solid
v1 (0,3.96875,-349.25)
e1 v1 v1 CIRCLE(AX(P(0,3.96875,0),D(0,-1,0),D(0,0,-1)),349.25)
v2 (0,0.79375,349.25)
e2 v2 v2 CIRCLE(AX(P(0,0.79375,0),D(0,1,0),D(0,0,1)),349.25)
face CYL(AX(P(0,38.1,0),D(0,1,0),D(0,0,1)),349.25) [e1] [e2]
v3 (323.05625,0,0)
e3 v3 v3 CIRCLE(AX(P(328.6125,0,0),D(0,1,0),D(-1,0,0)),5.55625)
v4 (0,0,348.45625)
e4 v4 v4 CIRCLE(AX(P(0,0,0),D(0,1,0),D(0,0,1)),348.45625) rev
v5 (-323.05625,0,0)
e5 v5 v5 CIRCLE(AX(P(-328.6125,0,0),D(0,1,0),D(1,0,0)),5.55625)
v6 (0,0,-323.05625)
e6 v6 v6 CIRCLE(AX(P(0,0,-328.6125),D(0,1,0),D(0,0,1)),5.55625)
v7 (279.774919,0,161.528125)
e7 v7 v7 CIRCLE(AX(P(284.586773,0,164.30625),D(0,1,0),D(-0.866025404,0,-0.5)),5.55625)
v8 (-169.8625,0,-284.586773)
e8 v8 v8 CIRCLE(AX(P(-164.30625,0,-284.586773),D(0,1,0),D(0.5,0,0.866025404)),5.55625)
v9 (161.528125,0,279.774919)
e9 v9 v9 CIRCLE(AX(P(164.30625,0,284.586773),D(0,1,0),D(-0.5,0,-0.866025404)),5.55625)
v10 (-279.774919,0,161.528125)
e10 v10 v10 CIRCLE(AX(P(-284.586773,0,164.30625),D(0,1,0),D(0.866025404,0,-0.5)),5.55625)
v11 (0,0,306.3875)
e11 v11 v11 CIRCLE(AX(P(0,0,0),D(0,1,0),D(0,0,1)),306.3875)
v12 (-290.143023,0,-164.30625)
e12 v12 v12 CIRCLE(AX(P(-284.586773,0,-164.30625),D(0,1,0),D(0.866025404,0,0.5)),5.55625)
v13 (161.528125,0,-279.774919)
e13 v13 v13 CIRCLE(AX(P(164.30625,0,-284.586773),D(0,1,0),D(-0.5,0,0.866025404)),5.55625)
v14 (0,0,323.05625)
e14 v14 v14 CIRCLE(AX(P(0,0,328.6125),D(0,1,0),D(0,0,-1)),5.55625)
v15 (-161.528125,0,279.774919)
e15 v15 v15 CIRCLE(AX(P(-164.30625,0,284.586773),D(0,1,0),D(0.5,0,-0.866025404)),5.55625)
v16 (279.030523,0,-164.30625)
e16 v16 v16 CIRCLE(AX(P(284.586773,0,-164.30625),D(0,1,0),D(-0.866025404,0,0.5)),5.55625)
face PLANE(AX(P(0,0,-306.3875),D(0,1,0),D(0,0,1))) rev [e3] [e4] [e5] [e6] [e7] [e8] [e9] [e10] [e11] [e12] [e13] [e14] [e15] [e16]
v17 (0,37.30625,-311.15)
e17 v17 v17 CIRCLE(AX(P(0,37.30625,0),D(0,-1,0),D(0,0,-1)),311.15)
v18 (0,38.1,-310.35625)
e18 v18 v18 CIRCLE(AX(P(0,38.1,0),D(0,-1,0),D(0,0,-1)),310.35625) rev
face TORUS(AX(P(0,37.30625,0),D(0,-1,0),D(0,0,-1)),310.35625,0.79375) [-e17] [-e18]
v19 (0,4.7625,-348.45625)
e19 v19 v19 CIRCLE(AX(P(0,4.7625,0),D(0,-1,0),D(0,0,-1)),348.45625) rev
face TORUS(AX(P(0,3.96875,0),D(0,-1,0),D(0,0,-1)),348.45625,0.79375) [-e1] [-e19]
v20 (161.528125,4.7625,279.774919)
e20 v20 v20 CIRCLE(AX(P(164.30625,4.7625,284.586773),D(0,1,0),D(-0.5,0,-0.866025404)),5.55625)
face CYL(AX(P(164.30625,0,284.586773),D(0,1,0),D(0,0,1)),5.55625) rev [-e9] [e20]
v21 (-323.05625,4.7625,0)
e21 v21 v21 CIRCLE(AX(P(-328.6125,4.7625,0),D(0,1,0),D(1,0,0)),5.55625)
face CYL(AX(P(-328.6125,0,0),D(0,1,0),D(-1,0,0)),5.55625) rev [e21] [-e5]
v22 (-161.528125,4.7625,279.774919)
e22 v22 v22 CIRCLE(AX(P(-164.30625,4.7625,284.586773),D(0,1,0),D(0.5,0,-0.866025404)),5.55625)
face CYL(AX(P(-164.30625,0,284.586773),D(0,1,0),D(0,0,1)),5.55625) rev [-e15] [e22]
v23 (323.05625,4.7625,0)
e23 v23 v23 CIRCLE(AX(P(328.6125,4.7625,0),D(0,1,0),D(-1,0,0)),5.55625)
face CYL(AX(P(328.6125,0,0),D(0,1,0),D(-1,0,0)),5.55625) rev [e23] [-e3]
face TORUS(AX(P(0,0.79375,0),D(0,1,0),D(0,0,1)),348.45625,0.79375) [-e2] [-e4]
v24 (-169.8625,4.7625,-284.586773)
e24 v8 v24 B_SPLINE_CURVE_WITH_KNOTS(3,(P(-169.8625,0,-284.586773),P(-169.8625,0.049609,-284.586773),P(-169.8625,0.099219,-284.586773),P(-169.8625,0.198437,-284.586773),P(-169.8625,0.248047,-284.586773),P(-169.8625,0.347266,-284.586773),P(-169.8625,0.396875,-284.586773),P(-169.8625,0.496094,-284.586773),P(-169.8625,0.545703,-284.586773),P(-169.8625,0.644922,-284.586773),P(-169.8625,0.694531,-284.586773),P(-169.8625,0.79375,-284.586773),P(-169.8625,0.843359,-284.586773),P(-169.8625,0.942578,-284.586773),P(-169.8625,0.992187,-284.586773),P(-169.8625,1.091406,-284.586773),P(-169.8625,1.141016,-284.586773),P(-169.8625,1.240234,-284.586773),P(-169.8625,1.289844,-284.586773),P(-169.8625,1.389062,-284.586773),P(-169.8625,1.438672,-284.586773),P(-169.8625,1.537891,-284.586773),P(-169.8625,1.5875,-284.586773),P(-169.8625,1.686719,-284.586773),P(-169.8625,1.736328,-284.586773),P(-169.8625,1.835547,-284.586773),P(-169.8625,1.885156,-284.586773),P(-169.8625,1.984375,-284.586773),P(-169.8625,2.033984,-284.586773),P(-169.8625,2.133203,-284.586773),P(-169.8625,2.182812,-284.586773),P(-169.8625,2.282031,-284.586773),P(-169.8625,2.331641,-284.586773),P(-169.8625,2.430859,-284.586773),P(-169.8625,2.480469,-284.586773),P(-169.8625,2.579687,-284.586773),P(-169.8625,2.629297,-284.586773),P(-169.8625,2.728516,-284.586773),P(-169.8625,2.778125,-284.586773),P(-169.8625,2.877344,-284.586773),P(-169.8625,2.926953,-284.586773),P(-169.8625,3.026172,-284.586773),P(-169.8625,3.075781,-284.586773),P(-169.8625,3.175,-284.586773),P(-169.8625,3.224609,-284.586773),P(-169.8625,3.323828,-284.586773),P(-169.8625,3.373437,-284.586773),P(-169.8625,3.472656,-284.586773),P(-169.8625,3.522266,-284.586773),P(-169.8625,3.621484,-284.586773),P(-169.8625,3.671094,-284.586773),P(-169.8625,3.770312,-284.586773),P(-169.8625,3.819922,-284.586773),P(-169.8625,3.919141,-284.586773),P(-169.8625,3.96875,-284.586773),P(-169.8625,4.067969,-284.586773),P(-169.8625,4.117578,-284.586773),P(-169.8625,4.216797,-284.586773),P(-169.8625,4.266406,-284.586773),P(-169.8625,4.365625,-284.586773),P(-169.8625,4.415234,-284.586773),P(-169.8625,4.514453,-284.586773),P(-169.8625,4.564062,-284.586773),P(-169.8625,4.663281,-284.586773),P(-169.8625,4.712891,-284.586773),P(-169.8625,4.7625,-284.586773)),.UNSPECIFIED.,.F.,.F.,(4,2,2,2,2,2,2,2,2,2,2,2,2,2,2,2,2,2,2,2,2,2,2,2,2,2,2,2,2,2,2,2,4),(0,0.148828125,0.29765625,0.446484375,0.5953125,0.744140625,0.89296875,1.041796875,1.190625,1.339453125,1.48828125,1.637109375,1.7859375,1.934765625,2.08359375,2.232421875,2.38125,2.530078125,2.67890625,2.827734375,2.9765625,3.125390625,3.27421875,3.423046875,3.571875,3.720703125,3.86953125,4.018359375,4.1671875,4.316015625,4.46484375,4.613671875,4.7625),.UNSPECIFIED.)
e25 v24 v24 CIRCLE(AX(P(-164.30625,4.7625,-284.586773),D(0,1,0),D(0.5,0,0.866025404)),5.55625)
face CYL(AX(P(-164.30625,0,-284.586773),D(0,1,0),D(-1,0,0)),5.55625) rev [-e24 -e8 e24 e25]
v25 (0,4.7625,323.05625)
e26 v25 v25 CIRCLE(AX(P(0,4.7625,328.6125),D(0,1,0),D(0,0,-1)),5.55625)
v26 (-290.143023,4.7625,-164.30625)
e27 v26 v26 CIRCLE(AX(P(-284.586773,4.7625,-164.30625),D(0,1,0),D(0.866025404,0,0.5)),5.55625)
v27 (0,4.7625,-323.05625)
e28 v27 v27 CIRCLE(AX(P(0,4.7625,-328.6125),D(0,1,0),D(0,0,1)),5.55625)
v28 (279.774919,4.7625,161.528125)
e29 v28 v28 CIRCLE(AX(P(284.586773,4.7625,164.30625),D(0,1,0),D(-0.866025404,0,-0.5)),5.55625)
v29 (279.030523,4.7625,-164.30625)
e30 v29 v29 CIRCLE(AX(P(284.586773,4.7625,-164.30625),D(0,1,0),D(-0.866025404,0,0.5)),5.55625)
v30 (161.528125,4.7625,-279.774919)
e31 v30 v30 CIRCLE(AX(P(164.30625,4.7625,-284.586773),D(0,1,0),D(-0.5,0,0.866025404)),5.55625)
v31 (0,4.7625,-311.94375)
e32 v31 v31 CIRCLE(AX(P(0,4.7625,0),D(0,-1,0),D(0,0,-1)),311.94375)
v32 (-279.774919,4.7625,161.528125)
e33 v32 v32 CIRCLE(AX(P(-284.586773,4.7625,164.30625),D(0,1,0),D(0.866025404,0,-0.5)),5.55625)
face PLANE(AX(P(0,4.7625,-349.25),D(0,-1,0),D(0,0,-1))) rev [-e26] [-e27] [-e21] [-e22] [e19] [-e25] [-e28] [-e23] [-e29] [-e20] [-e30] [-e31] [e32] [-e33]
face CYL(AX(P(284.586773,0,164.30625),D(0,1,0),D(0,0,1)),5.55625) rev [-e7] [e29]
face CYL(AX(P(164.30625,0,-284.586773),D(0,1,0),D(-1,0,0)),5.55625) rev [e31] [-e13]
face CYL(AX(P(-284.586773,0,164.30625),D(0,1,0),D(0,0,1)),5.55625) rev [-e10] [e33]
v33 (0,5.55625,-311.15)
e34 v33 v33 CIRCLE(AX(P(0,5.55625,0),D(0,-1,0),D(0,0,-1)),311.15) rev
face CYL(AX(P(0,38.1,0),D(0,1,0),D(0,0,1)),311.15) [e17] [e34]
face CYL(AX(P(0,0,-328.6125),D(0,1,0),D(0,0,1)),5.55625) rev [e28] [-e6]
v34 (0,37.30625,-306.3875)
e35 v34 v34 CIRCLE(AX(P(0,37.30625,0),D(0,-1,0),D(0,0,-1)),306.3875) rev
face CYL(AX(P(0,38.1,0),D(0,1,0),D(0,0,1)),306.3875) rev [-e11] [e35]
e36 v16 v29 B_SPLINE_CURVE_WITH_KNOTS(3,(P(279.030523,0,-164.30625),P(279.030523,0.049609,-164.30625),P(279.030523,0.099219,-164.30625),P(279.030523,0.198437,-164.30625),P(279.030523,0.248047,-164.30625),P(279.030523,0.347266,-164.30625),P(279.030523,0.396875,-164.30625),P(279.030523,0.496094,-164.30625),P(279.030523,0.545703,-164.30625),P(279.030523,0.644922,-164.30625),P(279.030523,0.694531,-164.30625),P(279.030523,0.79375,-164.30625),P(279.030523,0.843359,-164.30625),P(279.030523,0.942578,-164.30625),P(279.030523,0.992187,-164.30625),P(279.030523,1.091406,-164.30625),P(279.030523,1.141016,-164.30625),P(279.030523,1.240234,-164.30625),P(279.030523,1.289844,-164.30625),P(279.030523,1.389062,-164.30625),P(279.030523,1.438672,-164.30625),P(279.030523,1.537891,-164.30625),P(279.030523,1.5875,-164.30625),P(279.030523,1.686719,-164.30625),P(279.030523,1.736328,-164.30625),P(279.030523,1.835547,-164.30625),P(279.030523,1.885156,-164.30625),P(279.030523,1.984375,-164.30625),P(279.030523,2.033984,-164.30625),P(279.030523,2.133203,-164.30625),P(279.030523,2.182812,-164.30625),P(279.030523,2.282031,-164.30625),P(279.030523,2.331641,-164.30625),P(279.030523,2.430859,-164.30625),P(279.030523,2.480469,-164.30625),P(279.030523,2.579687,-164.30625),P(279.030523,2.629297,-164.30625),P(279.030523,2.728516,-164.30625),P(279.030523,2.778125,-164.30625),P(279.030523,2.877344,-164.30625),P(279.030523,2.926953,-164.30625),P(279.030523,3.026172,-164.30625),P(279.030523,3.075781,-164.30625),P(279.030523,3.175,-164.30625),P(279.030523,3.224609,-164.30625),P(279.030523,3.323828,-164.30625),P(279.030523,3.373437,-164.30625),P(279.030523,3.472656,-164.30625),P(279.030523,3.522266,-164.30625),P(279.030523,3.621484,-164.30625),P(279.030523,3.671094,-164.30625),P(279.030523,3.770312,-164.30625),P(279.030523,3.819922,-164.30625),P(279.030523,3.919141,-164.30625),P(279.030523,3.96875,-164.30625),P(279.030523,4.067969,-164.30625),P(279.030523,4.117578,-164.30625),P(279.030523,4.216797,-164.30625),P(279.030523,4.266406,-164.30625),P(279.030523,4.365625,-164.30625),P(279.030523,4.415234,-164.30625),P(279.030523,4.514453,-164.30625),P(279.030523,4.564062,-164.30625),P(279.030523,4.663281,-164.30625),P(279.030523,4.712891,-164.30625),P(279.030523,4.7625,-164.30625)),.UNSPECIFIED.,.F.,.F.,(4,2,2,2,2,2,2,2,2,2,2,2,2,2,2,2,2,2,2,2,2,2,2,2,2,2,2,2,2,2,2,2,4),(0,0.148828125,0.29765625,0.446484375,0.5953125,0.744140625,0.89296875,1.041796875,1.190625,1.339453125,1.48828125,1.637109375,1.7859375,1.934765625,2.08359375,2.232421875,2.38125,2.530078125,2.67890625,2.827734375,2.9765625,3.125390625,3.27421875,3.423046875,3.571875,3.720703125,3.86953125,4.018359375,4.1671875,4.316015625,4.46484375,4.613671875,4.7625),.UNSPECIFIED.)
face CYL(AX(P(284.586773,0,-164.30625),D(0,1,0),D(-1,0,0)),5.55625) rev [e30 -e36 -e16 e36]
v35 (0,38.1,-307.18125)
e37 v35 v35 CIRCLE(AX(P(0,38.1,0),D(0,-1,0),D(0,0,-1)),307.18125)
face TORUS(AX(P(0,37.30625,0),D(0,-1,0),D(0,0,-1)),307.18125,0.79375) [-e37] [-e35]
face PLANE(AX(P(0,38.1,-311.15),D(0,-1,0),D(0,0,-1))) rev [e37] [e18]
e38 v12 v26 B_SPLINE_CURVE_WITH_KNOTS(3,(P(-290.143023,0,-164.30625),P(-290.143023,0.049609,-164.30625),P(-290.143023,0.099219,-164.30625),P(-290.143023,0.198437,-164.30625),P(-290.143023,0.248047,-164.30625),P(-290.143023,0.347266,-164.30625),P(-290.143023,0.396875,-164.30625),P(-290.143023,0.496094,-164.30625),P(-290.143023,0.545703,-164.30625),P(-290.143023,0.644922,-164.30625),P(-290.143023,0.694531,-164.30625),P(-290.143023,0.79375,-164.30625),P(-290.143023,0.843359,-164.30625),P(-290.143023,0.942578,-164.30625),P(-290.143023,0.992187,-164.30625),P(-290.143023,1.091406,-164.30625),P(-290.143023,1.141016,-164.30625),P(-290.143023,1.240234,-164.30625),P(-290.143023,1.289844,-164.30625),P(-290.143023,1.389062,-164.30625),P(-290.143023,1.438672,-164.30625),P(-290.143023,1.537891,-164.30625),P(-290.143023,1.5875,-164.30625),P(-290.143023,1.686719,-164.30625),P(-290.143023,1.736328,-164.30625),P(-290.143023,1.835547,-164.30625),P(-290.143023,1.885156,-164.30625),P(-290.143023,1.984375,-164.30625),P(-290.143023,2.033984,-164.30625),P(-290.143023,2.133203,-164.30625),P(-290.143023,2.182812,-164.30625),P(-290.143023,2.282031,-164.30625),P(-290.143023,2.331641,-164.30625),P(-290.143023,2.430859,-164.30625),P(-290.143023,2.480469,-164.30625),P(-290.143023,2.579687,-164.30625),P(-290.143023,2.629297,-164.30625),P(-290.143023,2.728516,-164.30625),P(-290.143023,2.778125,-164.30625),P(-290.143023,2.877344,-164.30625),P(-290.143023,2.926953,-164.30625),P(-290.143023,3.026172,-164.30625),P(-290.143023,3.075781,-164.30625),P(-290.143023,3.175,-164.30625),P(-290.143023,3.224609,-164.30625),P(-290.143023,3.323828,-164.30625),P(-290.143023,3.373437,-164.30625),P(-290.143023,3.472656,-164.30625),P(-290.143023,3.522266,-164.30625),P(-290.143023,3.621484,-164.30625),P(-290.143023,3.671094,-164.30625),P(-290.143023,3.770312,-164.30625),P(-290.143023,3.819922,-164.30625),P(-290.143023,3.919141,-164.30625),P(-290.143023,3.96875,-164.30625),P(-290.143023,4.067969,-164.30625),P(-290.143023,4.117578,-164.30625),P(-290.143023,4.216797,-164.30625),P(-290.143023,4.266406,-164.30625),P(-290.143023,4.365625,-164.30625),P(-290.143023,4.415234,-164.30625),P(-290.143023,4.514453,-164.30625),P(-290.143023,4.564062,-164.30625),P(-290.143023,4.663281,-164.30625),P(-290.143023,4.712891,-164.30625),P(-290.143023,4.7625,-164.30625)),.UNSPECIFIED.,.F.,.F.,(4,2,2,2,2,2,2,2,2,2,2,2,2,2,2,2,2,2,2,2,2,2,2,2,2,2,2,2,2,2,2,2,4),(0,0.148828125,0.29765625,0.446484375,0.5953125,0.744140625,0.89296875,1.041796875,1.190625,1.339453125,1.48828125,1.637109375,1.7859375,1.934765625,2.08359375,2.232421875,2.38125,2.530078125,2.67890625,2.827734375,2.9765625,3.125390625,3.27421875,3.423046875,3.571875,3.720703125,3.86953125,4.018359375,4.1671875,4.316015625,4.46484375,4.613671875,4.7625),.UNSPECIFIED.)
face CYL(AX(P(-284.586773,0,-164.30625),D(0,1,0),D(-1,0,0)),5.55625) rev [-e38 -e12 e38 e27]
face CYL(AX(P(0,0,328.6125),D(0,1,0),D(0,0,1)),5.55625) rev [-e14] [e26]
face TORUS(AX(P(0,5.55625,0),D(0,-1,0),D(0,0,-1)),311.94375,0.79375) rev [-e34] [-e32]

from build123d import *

# Parameters (mm, degrees)
FILLET3_R          = 0.79375
FILLET4_R          = 0.79375
SKETCH3_R          = 5.55625
CUT_EXTRUDE1_DEPTH = 496.037891455
CIRPATTERN1_COUNT  = 12


with BuildPart() as part:
    # Sketch1 → Revolve1 (revolve)
    with BuildSketch(Plane(origin=(0, 0, 0), x_dir=(0, 0, -1), z_dir=(1, 0, 0)), mode=Mode.PRIVATE) as revolve1_sk:
        Polygon((306.3875, 0), (349.25, 0), (349.25, 4.7625), (311.15, 4.7625), (311.15, 38.1), (306.3875, 38.1), align=None)
    revolve(revolve1_sk.sketch.rotate(Axis((0, 38.1, 0), (0, -1, 0)), 180), axis=Axis((0, 38.1, 0), (0, -1, 0)))

    # Fillet3
    fillet3_edges = [part.edges().sort_by_distance(p)[0] for p in [
        (0, 0, -349.25),
        (0, 4.7625, -349.25),
    ]]
    fillet(fillet3_edges, radius=FILLET3_R)

    # Fillet4
    fillet4_edges = [part.edges().sort_by_distance(p)[0] for p in [
        (0, 38.1, -306.3875),
        (0, 38.1, -311.15),
        (0, 4.7625, -311.15),
    ]]
    fillet(fillet4_edges, radius=FILLET4_R)

    # Sketch3 → Cut-Extrude1 (cut, through all)
    with BuildSketch(Plane(origin=(0, 4.7625, 0), x_dir=(-1, 0, 0), z_dir=(0, 1, 0))):
        with Locations(Location((0, -328.6125, 0), (0, 0, 90))):
            Circle(SKETCH3_R)
    cut_extrude1 = extrude(amount=-CUT_EXTRUDE1_DEPTH, mode=Mode.SUBTRACT)

    # CirPattern1: Cut-Extrude1 ×12 about axis
    cirpattern1_axis = Axis((0, 0, 0), (0, 1, 0))
    for i in range(1, CIRPATTERN1_COUNT):
        add(cut_extrude1.rotate(cirpattern1_axis, i * 360 / CIRPATTERN1_COUNT), mode=Mode.SUBTRACT)


solid = part.part
